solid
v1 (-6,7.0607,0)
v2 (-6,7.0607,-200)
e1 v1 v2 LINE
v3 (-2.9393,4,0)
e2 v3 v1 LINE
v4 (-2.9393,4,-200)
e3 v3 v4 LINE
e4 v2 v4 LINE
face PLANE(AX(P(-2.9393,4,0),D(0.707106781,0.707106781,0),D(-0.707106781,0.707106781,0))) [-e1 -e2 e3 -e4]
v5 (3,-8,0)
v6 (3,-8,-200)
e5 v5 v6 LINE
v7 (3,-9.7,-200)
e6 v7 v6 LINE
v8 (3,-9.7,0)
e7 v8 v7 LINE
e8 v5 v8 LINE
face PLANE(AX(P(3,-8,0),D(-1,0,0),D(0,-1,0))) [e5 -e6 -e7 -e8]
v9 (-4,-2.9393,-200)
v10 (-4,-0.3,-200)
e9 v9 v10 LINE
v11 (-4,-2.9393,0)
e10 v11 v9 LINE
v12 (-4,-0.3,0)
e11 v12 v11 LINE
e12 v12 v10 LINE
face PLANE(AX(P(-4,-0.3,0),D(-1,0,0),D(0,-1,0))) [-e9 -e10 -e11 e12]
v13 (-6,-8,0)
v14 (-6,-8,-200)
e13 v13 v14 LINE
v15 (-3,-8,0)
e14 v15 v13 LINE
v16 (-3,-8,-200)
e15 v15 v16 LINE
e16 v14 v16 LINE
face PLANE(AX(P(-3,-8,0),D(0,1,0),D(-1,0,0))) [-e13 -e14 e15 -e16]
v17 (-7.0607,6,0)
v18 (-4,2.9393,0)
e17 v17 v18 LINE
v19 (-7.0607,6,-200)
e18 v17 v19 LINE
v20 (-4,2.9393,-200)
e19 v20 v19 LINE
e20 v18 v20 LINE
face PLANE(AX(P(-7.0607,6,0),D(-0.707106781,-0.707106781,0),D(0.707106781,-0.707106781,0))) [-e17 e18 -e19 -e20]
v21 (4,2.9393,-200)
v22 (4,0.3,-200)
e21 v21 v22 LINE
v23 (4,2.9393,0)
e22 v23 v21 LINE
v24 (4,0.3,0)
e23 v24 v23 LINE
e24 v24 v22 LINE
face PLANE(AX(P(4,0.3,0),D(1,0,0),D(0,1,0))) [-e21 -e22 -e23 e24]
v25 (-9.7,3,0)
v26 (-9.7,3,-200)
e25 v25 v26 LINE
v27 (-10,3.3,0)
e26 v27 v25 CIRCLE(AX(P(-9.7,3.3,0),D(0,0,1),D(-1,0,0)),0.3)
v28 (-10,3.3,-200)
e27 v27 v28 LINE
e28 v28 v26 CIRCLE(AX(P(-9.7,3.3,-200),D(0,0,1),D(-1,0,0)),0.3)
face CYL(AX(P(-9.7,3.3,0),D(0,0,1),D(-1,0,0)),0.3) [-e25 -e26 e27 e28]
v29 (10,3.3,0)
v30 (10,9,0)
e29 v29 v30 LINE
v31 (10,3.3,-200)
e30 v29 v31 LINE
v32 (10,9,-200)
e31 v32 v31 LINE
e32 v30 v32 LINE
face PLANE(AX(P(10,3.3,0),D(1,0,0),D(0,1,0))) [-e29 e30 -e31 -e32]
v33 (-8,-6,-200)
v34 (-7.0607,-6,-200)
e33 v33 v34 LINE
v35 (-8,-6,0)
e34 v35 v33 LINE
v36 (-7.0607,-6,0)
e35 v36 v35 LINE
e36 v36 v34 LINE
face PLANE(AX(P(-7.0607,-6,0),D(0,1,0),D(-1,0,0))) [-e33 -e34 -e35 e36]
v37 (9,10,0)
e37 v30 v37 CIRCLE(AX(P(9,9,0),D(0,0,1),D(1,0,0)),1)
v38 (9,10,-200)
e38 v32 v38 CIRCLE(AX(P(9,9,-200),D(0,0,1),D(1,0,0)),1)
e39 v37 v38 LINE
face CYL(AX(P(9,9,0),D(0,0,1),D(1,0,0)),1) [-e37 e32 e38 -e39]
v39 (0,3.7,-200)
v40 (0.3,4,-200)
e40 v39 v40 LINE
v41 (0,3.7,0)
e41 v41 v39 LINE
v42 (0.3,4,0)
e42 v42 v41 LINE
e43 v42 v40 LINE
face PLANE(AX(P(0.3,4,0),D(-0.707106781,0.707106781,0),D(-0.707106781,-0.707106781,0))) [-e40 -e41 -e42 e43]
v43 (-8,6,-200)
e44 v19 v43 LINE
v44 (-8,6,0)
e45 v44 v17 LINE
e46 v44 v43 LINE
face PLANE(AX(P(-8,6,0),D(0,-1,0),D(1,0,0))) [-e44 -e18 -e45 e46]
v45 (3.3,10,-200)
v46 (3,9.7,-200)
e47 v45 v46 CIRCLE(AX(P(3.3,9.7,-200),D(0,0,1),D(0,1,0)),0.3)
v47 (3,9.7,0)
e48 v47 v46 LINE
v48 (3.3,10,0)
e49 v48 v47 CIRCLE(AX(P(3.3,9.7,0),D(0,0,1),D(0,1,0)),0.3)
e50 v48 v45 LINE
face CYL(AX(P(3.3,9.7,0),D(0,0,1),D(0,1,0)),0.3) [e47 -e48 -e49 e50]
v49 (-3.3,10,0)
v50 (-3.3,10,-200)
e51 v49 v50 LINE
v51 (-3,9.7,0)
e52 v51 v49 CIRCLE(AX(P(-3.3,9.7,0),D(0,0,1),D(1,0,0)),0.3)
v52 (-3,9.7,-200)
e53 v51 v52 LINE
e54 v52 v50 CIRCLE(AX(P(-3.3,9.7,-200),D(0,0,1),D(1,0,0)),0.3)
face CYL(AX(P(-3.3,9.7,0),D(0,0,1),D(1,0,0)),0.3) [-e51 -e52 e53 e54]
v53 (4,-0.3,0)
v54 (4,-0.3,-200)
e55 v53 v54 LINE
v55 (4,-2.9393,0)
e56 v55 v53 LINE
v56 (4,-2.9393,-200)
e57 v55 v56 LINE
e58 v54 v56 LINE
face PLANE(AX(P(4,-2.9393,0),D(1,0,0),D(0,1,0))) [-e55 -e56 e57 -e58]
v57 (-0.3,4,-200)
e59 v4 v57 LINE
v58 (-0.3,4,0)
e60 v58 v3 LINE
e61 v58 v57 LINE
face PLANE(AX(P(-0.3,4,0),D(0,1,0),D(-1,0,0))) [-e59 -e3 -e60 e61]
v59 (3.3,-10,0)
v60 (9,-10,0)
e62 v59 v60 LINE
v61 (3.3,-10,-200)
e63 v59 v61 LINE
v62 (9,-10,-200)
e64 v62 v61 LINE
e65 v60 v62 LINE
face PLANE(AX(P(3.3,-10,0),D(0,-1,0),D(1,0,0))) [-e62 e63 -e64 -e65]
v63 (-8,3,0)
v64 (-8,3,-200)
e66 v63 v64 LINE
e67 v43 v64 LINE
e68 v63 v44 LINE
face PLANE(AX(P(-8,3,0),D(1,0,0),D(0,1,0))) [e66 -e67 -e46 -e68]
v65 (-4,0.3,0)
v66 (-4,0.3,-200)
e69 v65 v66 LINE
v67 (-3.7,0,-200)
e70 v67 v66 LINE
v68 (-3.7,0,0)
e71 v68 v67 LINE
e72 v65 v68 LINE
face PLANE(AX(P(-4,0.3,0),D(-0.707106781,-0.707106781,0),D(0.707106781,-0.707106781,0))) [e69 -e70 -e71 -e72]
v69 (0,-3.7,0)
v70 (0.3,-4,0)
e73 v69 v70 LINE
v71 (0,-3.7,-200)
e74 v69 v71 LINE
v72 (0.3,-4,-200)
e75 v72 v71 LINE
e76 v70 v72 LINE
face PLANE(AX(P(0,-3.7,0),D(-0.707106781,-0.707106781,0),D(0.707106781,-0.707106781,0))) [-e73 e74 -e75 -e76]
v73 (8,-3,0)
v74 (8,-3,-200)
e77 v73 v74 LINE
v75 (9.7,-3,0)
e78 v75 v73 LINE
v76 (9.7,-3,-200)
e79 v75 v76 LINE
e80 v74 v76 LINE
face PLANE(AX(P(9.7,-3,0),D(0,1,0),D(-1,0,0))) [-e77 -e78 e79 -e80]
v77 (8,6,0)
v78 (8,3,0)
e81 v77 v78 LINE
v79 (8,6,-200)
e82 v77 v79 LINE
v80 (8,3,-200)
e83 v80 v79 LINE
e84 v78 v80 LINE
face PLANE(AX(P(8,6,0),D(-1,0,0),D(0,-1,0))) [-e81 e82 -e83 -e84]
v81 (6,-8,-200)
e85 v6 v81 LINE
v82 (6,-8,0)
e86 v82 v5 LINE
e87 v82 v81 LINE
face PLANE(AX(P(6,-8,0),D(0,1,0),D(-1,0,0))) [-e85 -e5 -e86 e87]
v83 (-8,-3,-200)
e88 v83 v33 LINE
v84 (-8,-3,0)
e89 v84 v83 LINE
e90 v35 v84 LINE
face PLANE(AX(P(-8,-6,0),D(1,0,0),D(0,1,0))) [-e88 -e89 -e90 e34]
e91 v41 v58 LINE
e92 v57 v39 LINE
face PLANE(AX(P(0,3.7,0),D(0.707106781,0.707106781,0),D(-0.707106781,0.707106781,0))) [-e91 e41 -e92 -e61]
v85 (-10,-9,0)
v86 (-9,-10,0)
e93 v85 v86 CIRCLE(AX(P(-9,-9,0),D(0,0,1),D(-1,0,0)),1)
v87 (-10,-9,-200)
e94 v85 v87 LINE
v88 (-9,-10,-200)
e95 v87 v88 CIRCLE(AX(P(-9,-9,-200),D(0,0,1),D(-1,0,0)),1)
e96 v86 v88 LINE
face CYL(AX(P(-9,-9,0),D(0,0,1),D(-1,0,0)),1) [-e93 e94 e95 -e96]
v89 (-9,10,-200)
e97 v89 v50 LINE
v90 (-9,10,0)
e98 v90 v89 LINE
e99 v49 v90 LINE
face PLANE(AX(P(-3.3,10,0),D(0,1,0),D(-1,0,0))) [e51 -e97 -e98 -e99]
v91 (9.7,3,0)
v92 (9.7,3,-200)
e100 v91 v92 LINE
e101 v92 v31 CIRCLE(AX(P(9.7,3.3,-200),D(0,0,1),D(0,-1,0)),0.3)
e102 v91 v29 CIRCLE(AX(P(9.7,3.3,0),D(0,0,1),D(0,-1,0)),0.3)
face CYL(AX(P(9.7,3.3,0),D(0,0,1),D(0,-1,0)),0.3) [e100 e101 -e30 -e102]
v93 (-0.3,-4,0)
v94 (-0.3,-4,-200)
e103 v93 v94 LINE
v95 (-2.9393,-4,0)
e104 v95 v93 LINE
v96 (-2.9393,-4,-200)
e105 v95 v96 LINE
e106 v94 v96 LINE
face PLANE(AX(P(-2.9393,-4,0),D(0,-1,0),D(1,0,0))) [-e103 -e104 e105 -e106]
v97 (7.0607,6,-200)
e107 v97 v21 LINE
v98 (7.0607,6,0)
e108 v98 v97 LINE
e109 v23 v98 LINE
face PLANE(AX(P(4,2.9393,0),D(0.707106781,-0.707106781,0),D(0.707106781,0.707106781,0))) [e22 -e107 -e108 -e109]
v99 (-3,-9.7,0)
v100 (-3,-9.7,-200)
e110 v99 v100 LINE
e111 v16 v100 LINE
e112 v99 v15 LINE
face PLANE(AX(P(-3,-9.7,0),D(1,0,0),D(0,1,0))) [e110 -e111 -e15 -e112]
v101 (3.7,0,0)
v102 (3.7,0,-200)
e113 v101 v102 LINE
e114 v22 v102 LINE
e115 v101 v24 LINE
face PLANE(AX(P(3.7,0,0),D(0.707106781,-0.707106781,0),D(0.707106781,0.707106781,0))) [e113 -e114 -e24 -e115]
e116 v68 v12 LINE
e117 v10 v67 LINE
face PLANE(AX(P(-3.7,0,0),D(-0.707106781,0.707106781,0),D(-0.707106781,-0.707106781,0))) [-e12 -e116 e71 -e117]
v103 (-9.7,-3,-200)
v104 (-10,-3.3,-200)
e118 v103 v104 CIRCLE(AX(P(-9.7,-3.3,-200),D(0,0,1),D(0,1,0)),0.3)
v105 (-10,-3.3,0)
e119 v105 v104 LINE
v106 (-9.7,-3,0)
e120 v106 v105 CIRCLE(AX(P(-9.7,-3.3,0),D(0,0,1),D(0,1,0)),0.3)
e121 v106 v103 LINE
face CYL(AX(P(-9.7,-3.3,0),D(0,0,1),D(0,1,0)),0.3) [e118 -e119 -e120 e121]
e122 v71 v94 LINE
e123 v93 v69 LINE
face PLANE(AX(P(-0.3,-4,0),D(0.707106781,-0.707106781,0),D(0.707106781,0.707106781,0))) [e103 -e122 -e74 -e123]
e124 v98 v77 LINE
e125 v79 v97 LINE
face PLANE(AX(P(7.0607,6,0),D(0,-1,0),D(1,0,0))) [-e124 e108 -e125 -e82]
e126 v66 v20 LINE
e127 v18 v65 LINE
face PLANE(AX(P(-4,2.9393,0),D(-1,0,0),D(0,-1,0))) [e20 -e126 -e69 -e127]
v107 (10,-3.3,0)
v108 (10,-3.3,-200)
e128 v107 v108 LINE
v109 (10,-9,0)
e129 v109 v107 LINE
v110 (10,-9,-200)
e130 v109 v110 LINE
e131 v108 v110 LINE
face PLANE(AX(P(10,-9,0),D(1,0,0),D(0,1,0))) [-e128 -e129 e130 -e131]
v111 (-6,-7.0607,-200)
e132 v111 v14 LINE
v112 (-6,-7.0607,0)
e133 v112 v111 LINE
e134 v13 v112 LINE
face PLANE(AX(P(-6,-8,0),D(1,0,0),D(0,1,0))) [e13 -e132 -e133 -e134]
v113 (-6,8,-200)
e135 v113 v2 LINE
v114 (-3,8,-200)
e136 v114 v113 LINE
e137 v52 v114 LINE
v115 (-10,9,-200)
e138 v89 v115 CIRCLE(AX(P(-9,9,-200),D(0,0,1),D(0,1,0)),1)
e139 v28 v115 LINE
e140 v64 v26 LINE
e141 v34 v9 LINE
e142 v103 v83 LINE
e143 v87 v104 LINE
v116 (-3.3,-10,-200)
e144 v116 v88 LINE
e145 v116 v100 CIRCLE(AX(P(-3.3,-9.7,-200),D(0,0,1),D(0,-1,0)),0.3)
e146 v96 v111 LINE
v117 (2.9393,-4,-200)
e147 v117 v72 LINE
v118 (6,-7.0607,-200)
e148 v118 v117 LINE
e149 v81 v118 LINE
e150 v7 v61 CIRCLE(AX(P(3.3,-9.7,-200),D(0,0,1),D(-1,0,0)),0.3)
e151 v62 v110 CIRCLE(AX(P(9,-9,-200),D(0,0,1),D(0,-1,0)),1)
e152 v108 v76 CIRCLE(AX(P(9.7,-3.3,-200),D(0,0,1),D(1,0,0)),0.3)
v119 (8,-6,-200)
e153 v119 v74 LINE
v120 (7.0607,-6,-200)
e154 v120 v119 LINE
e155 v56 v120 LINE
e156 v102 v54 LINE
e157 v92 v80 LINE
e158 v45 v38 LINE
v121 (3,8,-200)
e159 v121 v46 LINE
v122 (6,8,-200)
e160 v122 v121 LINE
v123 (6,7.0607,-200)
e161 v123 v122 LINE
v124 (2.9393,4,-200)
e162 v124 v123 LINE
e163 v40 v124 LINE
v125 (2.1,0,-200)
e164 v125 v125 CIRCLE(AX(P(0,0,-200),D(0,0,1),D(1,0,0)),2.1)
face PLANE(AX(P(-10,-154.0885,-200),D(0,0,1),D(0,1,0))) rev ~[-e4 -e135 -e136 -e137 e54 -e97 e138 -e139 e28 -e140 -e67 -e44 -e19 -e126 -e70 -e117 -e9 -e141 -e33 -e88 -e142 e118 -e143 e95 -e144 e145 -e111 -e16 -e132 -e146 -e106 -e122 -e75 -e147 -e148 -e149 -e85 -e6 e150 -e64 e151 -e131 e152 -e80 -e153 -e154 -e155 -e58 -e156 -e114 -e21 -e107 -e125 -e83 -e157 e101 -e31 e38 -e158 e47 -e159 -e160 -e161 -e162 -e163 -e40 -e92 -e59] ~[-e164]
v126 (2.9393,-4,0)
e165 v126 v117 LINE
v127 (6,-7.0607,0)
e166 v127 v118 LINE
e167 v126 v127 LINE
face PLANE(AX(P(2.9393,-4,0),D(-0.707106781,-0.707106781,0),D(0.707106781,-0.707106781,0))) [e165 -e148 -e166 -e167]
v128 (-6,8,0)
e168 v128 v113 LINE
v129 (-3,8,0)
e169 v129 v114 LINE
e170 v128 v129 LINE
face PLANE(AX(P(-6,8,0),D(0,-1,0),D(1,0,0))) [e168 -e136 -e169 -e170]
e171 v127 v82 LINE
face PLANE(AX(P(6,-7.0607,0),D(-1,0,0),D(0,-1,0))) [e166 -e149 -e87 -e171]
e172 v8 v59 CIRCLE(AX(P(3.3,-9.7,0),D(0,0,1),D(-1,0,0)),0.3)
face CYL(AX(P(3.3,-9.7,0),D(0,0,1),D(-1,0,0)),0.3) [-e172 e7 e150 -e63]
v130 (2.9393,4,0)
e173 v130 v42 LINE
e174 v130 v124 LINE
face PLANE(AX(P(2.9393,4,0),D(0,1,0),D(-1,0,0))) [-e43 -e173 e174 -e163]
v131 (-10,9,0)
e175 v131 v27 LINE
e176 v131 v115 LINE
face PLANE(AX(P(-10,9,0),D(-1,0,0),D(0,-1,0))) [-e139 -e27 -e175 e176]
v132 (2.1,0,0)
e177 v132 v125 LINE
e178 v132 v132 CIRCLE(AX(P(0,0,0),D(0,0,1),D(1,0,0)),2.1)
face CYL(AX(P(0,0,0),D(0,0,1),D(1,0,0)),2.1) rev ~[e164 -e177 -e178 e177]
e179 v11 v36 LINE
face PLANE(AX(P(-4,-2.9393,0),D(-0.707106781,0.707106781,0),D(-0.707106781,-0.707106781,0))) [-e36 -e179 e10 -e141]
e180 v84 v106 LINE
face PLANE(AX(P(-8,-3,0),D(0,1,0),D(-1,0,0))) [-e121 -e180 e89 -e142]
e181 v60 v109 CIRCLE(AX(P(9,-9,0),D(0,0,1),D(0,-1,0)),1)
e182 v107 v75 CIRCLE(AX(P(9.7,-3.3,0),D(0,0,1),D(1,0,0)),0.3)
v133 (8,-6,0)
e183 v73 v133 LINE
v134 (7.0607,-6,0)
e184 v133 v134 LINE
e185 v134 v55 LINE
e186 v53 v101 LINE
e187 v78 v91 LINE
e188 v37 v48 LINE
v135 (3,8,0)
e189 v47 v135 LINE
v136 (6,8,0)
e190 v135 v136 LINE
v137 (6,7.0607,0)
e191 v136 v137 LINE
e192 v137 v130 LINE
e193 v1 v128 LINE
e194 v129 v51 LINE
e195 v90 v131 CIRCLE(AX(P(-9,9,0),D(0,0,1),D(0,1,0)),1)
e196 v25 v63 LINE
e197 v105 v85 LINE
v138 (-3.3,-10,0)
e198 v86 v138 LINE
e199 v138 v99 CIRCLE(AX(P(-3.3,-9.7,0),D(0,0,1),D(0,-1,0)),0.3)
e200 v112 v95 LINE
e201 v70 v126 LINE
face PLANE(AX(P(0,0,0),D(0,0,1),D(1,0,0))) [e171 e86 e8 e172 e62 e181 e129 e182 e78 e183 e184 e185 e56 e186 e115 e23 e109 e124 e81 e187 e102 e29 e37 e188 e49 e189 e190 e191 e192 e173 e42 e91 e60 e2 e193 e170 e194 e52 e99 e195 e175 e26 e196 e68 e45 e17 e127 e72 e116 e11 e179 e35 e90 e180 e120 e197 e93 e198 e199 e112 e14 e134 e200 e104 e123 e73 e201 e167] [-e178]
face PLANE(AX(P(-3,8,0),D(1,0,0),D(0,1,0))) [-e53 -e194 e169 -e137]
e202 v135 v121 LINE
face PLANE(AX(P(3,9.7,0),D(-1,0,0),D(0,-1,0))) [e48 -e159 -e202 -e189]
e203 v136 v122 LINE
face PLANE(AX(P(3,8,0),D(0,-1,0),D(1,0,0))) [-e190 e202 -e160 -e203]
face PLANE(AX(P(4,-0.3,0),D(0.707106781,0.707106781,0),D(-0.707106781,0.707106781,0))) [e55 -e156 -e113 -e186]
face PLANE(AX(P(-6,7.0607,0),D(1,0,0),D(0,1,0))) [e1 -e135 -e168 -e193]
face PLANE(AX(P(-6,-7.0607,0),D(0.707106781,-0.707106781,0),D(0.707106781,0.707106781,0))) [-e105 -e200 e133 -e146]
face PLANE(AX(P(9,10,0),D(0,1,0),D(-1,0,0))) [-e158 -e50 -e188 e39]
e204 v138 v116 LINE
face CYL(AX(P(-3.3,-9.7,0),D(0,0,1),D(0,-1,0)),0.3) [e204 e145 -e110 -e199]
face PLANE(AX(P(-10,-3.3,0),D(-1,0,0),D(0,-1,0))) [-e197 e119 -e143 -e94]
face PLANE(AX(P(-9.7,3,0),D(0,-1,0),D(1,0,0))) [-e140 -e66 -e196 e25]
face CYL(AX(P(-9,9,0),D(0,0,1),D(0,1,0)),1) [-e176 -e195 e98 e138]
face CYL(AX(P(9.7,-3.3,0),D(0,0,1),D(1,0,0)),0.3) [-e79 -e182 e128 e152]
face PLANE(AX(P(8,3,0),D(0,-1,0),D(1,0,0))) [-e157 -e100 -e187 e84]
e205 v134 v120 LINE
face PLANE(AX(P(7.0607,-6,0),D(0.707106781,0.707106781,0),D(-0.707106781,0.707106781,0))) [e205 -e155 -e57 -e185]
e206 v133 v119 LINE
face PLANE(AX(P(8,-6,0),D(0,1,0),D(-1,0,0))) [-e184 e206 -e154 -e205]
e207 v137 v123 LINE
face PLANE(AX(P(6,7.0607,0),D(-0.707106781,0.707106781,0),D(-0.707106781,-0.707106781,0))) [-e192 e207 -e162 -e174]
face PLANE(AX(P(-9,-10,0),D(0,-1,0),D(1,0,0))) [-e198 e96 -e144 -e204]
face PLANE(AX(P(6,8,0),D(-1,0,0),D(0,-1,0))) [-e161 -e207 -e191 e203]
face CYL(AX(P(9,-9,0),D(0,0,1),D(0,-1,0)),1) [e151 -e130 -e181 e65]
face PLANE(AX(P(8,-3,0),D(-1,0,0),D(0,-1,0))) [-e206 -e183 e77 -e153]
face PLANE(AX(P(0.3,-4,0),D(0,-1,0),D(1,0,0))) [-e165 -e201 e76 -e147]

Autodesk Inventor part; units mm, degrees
sketch "Sketch_5" plane through (0, 0, 0) normal (0, 0, 1) x (1, 0, 0)
  arc A0 (-10, 3.3) -> (-9.7, 3) centre (-9.7, 3.3) ccw
  line L0 (-9.7, 3) -> (-8, 3)
  line L1 (-8, 3) -> (-8, 6)
  line L2 (-8, 6) -> (-7.0607, 6)
  line L3 (-7.0607, 6) -> (-4, 2.9393)
  line L4 (-4, 2.9393) -> (-4, 0.3)
  line L5 (-4, 0.3) -> (-3.7, 0)
  line L6 (-3.7, 0) -> (-4, -0.3)
  line L7 (-4, -0.3) -> (-4, -2.9393)
  line L8 (-4, -2.9393) -> (-7.0607, -6)
  line L9 (-7.0607, -6) -> (-8, -6)
  line L10 (-8, -6) -> (-8, -3)
  line L11 (-8, -3) -> (-9.7, -3)
  arc A1 (-9.7, -3) -> (-10, -3.3) centre (-9.7, -3.3) ccw
  line L12 (-10, -3.3) -> (-10, -9)
  arc A2 (-10, -9) -> (-9, -10) centre (-9, -9) ccw
  line L13 (-9, -10) -> (-3.3, -10)
  arc A3 (-3.3, -10) -> (-3, -9.7) centre (-3.3, -9.7) ccw
  line L14 (-3, -9.7) -> (-3, -8)
  line L15 (-3, -8) -> (-6, -8)
  line L16 (-6, -8) -> (-6, -7.0607)
  line L17 (-6, -7.0607) -> (-2.9393, -4)
  line L18 (-2.9393, -4) -> (-0.3, -4)
  line L19 (-0.3, -4) -> (0, -3.7)
  line L20 (0, -3.7) -> (0.3, -4)
  line L21 (0.3, -4) -> (2.9393, -4)
  line L22 (2.9393, -4) -> (6, -7.0607)
  line L23 (6, -7.0607) -> (6, -8)
  line L24 (6, -8) -> (3, -8)
  line L25 (3, -8) -> (3, -9.7)
  arc A4 (3, -9.7) -> (3.3, -10) centre (3.3, -9.7) ccw
  line L26 (3.3, -10) -> (9, -10)
  arc A5 (9, -10) -> (10, -9) centre (9, -9) ccw
  line L27 (10, -9) -> (10, -3.3)
  arc A6 (10, -3.3) -> (9.7, -3) centre (9.7, -3.3) ccw
  line L28 (9.7, -3) -> (8, -3)
  line L29 (8, -3) -> (8, -6)
  line L30 (8, -6) -> (7.0607, -6)
  line L31 (7.0607, -6) -> (4, -2.9393)
  line L32 (4, -2.9393) -> (4, -0.3)
  line L33 (4, -0.3) -> (3.7, 0)
  line L34 (3.7, 0) -> (4, 0.3)
  line L35 (4, 0.3) -> (4, 2.9393)
  line L36 (4, 2.9393) -> (7.0607, 6)
  line L37 (7.0607, 6) -> (8, 6)
  line L38 (8, 6) -> (8, 3)
  line L39 (8, 3) -> (9.7, 3)
  arc A7 (9.7, 3) -> (10, 3.3) centre (9.7, 3.3) ccw
  line L40 (10, 3.3) -> (10, 9)
  arc A8 (10, 9) -> (9, 10) centre (9, 9) ccw
  line L41 (9, 10) -> (3.3, 10)
  arc A9 (3.3, 10) -> (3, 9.7) centre (3.3, 9.7) ccw
  line L42 (3, 9.7) -> (3, 8)
  line L43 (3, 8) -> (6, 8)
  line L44 (6, 8) -> (6, 7.0607)
  line L45 (6, 7.0607) -> (2.9393, 4)
  line L46 (2.9393, 4) -> (0.3, 4)
  line L47 (0.3, 4) -> (0, 3.7)
  line L48 (0, 3.7) -> (-0.3, 4)
  line L49 (-0.3, 4) -> (-2.9393, 4)
  line L50 (-2.9393, 4) -> (-6, 7.0607)
  line L51 (-6, 7.0607) -> (-6, 8)
  line L52 (-6, 8) -> (-3, 8)
  line L53 (-3, 8) -> (-3, 9.7)
  arc A10 (-3, 9.7) -> (-3.3, 10) centre (-3.3, 9.7) ccw
  line L54 (-3.3, 10) -> (-9, 10)
  arc A11 (-9, 10) -> (-10, 9) centre (-9, 9) ccw
  line L55 (-10, 9) -> (-10, 3.3)
  circle A12 centre (0, 0) radius 2.1
extrude "Extrusion1" add sketch "Sketch_5" against normal blind 1000
ref_plane "to_frame_XY" through (0, 0, 0) normal (0, 0, 1) x (1, 0, 0)
ref_plane "to_frame_YZ" through (0, 0, 0) normal (1, 0, 0) x (0, 1, 0)
ref_plane "to_frame_ZX" through (0, 0, 0) normal (0, 1, 0) x (0, 0, 1)
sketch "Sketch2" plane through (-10, -3.3, -1000) normal (-1, 0, 0) x (0, 0, 1)
  line L0 (-197.6604, -150.7885) -> (800, -150.7885)
  line L1 (800, -150.7885) -> (800, 147.9074)
  line L2 (800, 147.9074) -> (-197.6604, 147.9074)
  line L3 (-197.6604, 147.9074) -> (-197.6604, -150.7885)
  point P0 (1000, 3.3)
  dimension "d3" = 200
extrude "Extrusion2" cut sketch "Sketch2" against normal through all
equation "\"d0\" = L"
equation "\"L\" = 1000"
properties part number "2020 Extrusion 122mm"
